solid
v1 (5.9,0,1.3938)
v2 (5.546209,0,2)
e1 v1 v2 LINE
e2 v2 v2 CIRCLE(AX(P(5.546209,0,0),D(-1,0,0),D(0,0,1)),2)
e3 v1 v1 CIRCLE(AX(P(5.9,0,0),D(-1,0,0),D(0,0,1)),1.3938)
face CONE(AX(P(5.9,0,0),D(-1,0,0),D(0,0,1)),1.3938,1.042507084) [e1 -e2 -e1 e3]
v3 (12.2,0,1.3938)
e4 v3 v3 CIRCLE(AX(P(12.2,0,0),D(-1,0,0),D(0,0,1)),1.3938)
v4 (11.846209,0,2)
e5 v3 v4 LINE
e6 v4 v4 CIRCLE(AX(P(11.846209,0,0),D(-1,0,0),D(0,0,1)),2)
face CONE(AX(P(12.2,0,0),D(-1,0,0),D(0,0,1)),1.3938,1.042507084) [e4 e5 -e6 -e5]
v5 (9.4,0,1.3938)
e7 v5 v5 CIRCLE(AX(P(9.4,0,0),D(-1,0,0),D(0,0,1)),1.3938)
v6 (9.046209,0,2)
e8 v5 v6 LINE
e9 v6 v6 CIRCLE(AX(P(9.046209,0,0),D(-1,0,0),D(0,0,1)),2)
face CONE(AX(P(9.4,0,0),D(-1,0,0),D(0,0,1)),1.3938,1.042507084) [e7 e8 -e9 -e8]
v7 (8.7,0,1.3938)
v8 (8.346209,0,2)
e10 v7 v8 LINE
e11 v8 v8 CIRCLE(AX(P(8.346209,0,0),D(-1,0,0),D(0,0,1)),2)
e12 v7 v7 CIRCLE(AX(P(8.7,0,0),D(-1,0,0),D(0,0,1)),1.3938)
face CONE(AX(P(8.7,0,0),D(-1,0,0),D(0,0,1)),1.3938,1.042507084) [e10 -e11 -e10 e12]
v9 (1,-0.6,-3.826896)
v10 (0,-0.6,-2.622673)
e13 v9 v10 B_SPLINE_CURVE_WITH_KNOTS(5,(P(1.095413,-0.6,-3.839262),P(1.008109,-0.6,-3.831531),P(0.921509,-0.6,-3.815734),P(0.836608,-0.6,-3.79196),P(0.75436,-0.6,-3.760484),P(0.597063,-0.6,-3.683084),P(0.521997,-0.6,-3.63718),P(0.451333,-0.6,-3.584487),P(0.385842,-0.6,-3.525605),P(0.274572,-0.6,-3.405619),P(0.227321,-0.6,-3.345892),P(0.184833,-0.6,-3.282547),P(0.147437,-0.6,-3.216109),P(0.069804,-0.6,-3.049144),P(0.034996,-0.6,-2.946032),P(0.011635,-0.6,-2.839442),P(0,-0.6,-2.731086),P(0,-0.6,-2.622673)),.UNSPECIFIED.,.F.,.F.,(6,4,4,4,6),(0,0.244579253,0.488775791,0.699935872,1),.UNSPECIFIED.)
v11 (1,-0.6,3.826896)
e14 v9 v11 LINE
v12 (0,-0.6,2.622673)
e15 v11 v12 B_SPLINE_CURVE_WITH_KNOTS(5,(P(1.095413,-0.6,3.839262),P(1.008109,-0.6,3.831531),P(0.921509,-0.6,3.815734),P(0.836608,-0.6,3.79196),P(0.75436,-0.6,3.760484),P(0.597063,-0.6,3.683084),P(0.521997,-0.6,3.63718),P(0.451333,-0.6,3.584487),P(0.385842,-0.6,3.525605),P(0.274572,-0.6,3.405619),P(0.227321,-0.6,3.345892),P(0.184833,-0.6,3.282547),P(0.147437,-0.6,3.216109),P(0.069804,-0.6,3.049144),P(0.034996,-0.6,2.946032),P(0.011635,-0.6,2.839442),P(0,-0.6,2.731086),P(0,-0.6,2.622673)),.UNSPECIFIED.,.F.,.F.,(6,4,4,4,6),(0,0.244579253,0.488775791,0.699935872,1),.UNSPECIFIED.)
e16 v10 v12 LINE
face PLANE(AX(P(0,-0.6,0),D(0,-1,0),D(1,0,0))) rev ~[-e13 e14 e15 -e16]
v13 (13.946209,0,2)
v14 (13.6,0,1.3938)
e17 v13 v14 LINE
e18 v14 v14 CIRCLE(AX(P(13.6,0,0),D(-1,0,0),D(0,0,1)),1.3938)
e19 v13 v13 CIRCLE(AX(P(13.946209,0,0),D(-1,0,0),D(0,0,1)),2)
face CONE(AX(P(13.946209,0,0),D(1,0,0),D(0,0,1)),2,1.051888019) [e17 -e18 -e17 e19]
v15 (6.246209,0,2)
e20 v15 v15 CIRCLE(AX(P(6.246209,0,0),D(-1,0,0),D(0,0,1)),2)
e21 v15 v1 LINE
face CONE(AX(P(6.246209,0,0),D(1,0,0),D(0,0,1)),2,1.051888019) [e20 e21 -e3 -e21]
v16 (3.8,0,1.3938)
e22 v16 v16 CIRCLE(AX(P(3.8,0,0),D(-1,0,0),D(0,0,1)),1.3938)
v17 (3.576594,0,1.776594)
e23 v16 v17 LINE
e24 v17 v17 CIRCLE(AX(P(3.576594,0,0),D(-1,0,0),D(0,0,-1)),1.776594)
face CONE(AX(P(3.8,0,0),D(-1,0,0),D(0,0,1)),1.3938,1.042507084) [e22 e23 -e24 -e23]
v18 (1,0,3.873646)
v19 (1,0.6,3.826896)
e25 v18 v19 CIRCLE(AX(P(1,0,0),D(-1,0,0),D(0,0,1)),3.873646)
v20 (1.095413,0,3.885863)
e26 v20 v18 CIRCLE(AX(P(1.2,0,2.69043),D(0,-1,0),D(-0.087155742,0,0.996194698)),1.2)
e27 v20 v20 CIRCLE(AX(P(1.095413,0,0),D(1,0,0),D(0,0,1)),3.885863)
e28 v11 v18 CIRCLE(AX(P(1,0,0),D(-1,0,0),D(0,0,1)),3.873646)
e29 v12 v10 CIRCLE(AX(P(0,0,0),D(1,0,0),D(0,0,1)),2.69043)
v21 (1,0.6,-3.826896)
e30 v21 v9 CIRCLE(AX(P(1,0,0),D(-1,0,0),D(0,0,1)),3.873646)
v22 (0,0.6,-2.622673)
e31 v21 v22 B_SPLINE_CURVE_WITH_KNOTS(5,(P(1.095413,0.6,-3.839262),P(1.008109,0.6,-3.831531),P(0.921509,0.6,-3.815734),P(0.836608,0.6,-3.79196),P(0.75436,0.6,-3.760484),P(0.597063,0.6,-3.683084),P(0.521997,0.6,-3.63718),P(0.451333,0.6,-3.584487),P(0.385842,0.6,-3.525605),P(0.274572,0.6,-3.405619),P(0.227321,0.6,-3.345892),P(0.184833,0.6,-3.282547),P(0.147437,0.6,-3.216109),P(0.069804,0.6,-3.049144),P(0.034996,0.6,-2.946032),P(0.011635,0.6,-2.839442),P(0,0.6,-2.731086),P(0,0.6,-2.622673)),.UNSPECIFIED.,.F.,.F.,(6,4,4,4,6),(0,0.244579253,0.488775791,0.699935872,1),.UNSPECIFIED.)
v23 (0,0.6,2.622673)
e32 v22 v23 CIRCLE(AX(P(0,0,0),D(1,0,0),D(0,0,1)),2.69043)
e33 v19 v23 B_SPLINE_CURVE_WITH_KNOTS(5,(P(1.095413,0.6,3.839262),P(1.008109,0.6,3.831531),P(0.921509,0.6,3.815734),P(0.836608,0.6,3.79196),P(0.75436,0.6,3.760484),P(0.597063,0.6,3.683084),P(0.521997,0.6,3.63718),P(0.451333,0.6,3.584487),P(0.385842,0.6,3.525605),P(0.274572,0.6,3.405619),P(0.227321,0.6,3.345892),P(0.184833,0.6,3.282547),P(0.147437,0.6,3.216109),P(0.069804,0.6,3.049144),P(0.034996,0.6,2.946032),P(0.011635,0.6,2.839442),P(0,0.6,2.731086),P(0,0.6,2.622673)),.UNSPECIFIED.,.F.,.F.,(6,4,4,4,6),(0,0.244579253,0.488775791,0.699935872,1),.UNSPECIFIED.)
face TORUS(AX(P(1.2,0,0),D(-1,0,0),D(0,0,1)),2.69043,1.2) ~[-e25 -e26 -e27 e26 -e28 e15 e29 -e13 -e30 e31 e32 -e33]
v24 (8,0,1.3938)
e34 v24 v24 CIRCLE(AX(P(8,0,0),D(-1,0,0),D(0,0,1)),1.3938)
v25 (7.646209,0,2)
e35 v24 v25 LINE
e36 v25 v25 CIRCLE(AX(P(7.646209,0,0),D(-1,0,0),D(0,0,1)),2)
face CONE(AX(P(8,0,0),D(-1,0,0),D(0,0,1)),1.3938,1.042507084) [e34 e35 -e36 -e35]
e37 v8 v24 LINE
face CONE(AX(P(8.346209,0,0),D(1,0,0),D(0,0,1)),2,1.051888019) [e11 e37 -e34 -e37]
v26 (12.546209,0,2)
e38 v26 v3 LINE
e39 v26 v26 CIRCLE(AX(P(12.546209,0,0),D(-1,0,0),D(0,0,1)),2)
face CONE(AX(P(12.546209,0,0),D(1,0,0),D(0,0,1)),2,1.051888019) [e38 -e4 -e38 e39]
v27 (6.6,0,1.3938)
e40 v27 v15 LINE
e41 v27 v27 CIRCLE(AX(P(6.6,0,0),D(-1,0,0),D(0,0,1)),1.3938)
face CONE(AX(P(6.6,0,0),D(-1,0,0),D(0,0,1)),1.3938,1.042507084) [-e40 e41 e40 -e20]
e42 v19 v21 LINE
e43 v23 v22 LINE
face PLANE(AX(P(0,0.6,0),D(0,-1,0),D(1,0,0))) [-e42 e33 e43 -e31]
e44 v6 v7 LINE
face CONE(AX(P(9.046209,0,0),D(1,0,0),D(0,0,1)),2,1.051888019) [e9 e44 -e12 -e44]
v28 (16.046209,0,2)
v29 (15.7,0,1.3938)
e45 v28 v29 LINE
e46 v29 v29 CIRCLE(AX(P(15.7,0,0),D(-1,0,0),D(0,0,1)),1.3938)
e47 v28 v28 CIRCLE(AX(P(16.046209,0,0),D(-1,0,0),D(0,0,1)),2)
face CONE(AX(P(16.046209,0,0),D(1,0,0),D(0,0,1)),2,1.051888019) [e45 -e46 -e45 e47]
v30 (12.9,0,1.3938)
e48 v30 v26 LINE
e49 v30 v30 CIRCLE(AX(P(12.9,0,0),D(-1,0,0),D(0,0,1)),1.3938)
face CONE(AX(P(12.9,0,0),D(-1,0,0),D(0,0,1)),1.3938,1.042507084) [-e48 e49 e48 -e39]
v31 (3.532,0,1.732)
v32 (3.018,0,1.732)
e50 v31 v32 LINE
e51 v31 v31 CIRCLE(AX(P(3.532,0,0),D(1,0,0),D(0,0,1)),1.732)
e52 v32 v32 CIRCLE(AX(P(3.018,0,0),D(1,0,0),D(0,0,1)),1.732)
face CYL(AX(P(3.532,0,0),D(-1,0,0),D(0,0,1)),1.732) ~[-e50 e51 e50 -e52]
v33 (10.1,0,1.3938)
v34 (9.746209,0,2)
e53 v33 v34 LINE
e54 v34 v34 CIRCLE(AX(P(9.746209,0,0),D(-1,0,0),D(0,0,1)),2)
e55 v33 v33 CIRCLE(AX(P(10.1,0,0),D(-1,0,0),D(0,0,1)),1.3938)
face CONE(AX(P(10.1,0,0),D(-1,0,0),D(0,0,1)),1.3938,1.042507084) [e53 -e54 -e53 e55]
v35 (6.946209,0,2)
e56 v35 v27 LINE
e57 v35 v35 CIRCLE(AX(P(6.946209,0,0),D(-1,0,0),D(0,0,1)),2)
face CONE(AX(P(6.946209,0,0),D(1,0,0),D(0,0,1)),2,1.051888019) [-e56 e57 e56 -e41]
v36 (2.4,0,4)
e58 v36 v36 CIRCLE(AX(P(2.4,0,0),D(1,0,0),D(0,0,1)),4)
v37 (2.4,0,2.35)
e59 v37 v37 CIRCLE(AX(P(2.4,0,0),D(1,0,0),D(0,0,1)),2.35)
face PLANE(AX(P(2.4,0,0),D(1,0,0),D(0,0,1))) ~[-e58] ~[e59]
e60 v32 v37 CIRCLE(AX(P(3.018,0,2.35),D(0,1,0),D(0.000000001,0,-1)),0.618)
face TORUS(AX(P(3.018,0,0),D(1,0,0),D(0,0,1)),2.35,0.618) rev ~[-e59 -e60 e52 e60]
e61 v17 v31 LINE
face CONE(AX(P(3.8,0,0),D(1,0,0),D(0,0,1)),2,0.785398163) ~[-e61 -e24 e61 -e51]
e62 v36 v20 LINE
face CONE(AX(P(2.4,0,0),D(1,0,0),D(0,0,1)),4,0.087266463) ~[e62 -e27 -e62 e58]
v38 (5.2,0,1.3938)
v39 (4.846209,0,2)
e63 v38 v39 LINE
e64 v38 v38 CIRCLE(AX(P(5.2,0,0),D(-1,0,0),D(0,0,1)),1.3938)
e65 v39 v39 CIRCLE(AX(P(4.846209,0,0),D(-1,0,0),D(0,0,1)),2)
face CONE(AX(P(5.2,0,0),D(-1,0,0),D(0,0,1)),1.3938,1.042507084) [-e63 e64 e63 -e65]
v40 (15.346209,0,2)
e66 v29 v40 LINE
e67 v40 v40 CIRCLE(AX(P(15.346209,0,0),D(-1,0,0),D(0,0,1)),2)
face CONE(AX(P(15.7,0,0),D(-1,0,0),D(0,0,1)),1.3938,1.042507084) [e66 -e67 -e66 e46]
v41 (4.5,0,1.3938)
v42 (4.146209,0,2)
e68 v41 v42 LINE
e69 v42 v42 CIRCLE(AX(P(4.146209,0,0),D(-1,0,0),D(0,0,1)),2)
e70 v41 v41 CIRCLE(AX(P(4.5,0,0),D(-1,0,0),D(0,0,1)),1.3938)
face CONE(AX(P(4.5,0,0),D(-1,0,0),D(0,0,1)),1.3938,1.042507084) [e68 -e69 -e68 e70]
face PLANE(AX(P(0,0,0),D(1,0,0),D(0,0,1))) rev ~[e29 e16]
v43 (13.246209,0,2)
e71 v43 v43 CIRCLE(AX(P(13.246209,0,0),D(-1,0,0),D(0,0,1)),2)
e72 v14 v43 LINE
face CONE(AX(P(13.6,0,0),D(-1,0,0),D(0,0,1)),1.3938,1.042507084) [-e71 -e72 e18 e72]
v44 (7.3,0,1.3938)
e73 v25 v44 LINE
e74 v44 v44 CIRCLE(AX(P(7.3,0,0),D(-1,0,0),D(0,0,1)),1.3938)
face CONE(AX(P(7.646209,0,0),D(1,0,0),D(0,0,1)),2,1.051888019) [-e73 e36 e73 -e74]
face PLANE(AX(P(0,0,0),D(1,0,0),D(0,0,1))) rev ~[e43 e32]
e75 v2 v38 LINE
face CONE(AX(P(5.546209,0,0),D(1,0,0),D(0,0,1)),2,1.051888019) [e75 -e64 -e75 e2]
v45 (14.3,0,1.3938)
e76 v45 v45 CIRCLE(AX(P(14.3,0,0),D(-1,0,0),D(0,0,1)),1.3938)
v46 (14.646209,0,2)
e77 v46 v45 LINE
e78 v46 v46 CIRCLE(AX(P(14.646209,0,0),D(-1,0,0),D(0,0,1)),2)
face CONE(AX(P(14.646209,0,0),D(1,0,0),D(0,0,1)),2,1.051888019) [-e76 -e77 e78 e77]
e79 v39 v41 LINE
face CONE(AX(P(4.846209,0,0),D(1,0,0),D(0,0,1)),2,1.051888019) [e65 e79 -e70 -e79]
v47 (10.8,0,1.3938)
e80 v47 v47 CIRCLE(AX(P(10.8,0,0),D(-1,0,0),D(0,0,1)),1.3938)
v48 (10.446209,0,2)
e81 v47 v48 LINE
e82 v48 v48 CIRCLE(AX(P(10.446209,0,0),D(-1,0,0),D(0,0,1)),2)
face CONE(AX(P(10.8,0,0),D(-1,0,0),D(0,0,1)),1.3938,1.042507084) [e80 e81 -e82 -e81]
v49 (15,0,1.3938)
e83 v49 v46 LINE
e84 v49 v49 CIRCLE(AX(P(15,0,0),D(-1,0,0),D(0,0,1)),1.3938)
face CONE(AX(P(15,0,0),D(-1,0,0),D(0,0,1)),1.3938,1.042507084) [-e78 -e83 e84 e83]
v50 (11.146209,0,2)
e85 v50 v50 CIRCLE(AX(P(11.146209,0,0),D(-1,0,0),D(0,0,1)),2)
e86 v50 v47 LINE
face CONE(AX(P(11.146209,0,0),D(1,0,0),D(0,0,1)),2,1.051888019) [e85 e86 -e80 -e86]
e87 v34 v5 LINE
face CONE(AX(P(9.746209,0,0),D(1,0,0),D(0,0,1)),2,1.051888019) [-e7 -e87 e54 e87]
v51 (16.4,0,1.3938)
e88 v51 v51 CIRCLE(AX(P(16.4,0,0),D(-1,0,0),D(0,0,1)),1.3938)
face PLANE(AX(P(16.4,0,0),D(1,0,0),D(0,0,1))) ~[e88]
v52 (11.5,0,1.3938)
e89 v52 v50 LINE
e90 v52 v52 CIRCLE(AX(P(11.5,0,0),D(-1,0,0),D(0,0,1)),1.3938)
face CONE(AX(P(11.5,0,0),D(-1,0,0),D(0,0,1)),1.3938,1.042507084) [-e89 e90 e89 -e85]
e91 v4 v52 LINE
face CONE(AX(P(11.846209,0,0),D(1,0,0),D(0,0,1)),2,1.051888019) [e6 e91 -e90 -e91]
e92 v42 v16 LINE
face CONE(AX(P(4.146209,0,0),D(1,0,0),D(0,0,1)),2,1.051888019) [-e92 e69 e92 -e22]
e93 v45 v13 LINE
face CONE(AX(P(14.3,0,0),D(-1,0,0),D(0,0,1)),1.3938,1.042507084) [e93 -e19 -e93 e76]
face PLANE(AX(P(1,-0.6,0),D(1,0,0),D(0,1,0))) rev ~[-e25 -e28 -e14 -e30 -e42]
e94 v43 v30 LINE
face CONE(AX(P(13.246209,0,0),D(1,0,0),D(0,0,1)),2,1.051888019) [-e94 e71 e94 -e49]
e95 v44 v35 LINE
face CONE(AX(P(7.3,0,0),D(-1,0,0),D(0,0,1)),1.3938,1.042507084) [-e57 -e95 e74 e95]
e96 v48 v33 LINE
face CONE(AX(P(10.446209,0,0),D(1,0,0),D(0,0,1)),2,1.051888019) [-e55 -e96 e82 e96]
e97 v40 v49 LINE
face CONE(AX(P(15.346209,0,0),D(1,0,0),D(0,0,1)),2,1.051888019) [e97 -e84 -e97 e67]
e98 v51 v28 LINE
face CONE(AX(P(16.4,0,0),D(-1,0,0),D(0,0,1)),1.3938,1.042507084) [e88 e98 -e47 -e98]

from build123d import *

# Parameters (mm, degrees)
SKETCH_4_W             = 1
SKETCH_4_H             = 1.2
CUT_EXTRUDE_1_DEPTH    = 50
PATTERN_LINEAR_1_COUNT = 19
PATTERN_LINEAR_1_PITCH = 0.7


with BuildPart() as part:
    # 草图3 → Revolve 915 (revolve)
    with BuildSketch(Plane.XY, mode=Mode.PRIVATE) as revolve_915_sk:
        with BuildLine():
            Line((0, 0), (16.4, 0))
            Line((16.4, 0), (16.4, 2))
            Line((16.4, 2), (3.8, 2))
            Line((3.8, 2), (3.532, 1.732))
            Line((3.532, 1.732), (3.018, 1.732))
            ThreePointArc((3.018, 1.732), (2.581008009, 1.913008009), (2.4, 2.35))
            Line((2.4, 2.35), (2.4, 4))
            Line((2.4, 4), (1.095413109, 3.885863436))
            ThreePointArc((1.095413109, 3.885863436), (0.315267196, 3.501138048), (0, 2.690429799))
            Line((0, 2.690429799), (0, 0))
        make_face()
    revolve(revolve_915_sk.sketch.rotate(Axis((-2.477021524, 0, 0), (1, 0, 0)), 90), axis=Axis((-2.477021524, 0, 0), (1, 0, 0)))

    # 草图4 → 切除-拉伸1 (cut, symmetric)
    with BuildSketch(Plane.XY):
        with Locations((0.5, 0)):
            Rectangle(SKETCH_4_W, SKETCH_4_H)
    extrude(amount=CUT_EXTRUDE_1_DEPTH, both=True, mode=Mode.SUBTRACT)

    # 草图5 → 切除-旋转1 (revolve, cut)
    with BuildSketch(Plane.XY, mode=Mode.PRIVATE) as cut_revolve_1_sk:
        Polygon((16.046208796, 2), (16.746208796, 2), (16.4, 1.3938), align=None)
    cut_revolve_1 = revolve(cut_revolve_1_sk.sketch.rotate(Axis((6.174994867, 0, 0), (-1, 0, 0)), 270), axis=Axis((6.174994867, 0, 0), (-1, 0, 0)), mode=Mode.SUBTRACT)

    # 阵列(线性)1: 切除-旋转1 ×19
    with Locations(*[(-i * PATTERN_LINEAR_1_PITCH, 0, 0) for i in range(1, PATTERN_LINEAR_1_COUNT)]):
        add(cut_revolve_1, mode=Mode.SUBTRACT)


solid = part.part
